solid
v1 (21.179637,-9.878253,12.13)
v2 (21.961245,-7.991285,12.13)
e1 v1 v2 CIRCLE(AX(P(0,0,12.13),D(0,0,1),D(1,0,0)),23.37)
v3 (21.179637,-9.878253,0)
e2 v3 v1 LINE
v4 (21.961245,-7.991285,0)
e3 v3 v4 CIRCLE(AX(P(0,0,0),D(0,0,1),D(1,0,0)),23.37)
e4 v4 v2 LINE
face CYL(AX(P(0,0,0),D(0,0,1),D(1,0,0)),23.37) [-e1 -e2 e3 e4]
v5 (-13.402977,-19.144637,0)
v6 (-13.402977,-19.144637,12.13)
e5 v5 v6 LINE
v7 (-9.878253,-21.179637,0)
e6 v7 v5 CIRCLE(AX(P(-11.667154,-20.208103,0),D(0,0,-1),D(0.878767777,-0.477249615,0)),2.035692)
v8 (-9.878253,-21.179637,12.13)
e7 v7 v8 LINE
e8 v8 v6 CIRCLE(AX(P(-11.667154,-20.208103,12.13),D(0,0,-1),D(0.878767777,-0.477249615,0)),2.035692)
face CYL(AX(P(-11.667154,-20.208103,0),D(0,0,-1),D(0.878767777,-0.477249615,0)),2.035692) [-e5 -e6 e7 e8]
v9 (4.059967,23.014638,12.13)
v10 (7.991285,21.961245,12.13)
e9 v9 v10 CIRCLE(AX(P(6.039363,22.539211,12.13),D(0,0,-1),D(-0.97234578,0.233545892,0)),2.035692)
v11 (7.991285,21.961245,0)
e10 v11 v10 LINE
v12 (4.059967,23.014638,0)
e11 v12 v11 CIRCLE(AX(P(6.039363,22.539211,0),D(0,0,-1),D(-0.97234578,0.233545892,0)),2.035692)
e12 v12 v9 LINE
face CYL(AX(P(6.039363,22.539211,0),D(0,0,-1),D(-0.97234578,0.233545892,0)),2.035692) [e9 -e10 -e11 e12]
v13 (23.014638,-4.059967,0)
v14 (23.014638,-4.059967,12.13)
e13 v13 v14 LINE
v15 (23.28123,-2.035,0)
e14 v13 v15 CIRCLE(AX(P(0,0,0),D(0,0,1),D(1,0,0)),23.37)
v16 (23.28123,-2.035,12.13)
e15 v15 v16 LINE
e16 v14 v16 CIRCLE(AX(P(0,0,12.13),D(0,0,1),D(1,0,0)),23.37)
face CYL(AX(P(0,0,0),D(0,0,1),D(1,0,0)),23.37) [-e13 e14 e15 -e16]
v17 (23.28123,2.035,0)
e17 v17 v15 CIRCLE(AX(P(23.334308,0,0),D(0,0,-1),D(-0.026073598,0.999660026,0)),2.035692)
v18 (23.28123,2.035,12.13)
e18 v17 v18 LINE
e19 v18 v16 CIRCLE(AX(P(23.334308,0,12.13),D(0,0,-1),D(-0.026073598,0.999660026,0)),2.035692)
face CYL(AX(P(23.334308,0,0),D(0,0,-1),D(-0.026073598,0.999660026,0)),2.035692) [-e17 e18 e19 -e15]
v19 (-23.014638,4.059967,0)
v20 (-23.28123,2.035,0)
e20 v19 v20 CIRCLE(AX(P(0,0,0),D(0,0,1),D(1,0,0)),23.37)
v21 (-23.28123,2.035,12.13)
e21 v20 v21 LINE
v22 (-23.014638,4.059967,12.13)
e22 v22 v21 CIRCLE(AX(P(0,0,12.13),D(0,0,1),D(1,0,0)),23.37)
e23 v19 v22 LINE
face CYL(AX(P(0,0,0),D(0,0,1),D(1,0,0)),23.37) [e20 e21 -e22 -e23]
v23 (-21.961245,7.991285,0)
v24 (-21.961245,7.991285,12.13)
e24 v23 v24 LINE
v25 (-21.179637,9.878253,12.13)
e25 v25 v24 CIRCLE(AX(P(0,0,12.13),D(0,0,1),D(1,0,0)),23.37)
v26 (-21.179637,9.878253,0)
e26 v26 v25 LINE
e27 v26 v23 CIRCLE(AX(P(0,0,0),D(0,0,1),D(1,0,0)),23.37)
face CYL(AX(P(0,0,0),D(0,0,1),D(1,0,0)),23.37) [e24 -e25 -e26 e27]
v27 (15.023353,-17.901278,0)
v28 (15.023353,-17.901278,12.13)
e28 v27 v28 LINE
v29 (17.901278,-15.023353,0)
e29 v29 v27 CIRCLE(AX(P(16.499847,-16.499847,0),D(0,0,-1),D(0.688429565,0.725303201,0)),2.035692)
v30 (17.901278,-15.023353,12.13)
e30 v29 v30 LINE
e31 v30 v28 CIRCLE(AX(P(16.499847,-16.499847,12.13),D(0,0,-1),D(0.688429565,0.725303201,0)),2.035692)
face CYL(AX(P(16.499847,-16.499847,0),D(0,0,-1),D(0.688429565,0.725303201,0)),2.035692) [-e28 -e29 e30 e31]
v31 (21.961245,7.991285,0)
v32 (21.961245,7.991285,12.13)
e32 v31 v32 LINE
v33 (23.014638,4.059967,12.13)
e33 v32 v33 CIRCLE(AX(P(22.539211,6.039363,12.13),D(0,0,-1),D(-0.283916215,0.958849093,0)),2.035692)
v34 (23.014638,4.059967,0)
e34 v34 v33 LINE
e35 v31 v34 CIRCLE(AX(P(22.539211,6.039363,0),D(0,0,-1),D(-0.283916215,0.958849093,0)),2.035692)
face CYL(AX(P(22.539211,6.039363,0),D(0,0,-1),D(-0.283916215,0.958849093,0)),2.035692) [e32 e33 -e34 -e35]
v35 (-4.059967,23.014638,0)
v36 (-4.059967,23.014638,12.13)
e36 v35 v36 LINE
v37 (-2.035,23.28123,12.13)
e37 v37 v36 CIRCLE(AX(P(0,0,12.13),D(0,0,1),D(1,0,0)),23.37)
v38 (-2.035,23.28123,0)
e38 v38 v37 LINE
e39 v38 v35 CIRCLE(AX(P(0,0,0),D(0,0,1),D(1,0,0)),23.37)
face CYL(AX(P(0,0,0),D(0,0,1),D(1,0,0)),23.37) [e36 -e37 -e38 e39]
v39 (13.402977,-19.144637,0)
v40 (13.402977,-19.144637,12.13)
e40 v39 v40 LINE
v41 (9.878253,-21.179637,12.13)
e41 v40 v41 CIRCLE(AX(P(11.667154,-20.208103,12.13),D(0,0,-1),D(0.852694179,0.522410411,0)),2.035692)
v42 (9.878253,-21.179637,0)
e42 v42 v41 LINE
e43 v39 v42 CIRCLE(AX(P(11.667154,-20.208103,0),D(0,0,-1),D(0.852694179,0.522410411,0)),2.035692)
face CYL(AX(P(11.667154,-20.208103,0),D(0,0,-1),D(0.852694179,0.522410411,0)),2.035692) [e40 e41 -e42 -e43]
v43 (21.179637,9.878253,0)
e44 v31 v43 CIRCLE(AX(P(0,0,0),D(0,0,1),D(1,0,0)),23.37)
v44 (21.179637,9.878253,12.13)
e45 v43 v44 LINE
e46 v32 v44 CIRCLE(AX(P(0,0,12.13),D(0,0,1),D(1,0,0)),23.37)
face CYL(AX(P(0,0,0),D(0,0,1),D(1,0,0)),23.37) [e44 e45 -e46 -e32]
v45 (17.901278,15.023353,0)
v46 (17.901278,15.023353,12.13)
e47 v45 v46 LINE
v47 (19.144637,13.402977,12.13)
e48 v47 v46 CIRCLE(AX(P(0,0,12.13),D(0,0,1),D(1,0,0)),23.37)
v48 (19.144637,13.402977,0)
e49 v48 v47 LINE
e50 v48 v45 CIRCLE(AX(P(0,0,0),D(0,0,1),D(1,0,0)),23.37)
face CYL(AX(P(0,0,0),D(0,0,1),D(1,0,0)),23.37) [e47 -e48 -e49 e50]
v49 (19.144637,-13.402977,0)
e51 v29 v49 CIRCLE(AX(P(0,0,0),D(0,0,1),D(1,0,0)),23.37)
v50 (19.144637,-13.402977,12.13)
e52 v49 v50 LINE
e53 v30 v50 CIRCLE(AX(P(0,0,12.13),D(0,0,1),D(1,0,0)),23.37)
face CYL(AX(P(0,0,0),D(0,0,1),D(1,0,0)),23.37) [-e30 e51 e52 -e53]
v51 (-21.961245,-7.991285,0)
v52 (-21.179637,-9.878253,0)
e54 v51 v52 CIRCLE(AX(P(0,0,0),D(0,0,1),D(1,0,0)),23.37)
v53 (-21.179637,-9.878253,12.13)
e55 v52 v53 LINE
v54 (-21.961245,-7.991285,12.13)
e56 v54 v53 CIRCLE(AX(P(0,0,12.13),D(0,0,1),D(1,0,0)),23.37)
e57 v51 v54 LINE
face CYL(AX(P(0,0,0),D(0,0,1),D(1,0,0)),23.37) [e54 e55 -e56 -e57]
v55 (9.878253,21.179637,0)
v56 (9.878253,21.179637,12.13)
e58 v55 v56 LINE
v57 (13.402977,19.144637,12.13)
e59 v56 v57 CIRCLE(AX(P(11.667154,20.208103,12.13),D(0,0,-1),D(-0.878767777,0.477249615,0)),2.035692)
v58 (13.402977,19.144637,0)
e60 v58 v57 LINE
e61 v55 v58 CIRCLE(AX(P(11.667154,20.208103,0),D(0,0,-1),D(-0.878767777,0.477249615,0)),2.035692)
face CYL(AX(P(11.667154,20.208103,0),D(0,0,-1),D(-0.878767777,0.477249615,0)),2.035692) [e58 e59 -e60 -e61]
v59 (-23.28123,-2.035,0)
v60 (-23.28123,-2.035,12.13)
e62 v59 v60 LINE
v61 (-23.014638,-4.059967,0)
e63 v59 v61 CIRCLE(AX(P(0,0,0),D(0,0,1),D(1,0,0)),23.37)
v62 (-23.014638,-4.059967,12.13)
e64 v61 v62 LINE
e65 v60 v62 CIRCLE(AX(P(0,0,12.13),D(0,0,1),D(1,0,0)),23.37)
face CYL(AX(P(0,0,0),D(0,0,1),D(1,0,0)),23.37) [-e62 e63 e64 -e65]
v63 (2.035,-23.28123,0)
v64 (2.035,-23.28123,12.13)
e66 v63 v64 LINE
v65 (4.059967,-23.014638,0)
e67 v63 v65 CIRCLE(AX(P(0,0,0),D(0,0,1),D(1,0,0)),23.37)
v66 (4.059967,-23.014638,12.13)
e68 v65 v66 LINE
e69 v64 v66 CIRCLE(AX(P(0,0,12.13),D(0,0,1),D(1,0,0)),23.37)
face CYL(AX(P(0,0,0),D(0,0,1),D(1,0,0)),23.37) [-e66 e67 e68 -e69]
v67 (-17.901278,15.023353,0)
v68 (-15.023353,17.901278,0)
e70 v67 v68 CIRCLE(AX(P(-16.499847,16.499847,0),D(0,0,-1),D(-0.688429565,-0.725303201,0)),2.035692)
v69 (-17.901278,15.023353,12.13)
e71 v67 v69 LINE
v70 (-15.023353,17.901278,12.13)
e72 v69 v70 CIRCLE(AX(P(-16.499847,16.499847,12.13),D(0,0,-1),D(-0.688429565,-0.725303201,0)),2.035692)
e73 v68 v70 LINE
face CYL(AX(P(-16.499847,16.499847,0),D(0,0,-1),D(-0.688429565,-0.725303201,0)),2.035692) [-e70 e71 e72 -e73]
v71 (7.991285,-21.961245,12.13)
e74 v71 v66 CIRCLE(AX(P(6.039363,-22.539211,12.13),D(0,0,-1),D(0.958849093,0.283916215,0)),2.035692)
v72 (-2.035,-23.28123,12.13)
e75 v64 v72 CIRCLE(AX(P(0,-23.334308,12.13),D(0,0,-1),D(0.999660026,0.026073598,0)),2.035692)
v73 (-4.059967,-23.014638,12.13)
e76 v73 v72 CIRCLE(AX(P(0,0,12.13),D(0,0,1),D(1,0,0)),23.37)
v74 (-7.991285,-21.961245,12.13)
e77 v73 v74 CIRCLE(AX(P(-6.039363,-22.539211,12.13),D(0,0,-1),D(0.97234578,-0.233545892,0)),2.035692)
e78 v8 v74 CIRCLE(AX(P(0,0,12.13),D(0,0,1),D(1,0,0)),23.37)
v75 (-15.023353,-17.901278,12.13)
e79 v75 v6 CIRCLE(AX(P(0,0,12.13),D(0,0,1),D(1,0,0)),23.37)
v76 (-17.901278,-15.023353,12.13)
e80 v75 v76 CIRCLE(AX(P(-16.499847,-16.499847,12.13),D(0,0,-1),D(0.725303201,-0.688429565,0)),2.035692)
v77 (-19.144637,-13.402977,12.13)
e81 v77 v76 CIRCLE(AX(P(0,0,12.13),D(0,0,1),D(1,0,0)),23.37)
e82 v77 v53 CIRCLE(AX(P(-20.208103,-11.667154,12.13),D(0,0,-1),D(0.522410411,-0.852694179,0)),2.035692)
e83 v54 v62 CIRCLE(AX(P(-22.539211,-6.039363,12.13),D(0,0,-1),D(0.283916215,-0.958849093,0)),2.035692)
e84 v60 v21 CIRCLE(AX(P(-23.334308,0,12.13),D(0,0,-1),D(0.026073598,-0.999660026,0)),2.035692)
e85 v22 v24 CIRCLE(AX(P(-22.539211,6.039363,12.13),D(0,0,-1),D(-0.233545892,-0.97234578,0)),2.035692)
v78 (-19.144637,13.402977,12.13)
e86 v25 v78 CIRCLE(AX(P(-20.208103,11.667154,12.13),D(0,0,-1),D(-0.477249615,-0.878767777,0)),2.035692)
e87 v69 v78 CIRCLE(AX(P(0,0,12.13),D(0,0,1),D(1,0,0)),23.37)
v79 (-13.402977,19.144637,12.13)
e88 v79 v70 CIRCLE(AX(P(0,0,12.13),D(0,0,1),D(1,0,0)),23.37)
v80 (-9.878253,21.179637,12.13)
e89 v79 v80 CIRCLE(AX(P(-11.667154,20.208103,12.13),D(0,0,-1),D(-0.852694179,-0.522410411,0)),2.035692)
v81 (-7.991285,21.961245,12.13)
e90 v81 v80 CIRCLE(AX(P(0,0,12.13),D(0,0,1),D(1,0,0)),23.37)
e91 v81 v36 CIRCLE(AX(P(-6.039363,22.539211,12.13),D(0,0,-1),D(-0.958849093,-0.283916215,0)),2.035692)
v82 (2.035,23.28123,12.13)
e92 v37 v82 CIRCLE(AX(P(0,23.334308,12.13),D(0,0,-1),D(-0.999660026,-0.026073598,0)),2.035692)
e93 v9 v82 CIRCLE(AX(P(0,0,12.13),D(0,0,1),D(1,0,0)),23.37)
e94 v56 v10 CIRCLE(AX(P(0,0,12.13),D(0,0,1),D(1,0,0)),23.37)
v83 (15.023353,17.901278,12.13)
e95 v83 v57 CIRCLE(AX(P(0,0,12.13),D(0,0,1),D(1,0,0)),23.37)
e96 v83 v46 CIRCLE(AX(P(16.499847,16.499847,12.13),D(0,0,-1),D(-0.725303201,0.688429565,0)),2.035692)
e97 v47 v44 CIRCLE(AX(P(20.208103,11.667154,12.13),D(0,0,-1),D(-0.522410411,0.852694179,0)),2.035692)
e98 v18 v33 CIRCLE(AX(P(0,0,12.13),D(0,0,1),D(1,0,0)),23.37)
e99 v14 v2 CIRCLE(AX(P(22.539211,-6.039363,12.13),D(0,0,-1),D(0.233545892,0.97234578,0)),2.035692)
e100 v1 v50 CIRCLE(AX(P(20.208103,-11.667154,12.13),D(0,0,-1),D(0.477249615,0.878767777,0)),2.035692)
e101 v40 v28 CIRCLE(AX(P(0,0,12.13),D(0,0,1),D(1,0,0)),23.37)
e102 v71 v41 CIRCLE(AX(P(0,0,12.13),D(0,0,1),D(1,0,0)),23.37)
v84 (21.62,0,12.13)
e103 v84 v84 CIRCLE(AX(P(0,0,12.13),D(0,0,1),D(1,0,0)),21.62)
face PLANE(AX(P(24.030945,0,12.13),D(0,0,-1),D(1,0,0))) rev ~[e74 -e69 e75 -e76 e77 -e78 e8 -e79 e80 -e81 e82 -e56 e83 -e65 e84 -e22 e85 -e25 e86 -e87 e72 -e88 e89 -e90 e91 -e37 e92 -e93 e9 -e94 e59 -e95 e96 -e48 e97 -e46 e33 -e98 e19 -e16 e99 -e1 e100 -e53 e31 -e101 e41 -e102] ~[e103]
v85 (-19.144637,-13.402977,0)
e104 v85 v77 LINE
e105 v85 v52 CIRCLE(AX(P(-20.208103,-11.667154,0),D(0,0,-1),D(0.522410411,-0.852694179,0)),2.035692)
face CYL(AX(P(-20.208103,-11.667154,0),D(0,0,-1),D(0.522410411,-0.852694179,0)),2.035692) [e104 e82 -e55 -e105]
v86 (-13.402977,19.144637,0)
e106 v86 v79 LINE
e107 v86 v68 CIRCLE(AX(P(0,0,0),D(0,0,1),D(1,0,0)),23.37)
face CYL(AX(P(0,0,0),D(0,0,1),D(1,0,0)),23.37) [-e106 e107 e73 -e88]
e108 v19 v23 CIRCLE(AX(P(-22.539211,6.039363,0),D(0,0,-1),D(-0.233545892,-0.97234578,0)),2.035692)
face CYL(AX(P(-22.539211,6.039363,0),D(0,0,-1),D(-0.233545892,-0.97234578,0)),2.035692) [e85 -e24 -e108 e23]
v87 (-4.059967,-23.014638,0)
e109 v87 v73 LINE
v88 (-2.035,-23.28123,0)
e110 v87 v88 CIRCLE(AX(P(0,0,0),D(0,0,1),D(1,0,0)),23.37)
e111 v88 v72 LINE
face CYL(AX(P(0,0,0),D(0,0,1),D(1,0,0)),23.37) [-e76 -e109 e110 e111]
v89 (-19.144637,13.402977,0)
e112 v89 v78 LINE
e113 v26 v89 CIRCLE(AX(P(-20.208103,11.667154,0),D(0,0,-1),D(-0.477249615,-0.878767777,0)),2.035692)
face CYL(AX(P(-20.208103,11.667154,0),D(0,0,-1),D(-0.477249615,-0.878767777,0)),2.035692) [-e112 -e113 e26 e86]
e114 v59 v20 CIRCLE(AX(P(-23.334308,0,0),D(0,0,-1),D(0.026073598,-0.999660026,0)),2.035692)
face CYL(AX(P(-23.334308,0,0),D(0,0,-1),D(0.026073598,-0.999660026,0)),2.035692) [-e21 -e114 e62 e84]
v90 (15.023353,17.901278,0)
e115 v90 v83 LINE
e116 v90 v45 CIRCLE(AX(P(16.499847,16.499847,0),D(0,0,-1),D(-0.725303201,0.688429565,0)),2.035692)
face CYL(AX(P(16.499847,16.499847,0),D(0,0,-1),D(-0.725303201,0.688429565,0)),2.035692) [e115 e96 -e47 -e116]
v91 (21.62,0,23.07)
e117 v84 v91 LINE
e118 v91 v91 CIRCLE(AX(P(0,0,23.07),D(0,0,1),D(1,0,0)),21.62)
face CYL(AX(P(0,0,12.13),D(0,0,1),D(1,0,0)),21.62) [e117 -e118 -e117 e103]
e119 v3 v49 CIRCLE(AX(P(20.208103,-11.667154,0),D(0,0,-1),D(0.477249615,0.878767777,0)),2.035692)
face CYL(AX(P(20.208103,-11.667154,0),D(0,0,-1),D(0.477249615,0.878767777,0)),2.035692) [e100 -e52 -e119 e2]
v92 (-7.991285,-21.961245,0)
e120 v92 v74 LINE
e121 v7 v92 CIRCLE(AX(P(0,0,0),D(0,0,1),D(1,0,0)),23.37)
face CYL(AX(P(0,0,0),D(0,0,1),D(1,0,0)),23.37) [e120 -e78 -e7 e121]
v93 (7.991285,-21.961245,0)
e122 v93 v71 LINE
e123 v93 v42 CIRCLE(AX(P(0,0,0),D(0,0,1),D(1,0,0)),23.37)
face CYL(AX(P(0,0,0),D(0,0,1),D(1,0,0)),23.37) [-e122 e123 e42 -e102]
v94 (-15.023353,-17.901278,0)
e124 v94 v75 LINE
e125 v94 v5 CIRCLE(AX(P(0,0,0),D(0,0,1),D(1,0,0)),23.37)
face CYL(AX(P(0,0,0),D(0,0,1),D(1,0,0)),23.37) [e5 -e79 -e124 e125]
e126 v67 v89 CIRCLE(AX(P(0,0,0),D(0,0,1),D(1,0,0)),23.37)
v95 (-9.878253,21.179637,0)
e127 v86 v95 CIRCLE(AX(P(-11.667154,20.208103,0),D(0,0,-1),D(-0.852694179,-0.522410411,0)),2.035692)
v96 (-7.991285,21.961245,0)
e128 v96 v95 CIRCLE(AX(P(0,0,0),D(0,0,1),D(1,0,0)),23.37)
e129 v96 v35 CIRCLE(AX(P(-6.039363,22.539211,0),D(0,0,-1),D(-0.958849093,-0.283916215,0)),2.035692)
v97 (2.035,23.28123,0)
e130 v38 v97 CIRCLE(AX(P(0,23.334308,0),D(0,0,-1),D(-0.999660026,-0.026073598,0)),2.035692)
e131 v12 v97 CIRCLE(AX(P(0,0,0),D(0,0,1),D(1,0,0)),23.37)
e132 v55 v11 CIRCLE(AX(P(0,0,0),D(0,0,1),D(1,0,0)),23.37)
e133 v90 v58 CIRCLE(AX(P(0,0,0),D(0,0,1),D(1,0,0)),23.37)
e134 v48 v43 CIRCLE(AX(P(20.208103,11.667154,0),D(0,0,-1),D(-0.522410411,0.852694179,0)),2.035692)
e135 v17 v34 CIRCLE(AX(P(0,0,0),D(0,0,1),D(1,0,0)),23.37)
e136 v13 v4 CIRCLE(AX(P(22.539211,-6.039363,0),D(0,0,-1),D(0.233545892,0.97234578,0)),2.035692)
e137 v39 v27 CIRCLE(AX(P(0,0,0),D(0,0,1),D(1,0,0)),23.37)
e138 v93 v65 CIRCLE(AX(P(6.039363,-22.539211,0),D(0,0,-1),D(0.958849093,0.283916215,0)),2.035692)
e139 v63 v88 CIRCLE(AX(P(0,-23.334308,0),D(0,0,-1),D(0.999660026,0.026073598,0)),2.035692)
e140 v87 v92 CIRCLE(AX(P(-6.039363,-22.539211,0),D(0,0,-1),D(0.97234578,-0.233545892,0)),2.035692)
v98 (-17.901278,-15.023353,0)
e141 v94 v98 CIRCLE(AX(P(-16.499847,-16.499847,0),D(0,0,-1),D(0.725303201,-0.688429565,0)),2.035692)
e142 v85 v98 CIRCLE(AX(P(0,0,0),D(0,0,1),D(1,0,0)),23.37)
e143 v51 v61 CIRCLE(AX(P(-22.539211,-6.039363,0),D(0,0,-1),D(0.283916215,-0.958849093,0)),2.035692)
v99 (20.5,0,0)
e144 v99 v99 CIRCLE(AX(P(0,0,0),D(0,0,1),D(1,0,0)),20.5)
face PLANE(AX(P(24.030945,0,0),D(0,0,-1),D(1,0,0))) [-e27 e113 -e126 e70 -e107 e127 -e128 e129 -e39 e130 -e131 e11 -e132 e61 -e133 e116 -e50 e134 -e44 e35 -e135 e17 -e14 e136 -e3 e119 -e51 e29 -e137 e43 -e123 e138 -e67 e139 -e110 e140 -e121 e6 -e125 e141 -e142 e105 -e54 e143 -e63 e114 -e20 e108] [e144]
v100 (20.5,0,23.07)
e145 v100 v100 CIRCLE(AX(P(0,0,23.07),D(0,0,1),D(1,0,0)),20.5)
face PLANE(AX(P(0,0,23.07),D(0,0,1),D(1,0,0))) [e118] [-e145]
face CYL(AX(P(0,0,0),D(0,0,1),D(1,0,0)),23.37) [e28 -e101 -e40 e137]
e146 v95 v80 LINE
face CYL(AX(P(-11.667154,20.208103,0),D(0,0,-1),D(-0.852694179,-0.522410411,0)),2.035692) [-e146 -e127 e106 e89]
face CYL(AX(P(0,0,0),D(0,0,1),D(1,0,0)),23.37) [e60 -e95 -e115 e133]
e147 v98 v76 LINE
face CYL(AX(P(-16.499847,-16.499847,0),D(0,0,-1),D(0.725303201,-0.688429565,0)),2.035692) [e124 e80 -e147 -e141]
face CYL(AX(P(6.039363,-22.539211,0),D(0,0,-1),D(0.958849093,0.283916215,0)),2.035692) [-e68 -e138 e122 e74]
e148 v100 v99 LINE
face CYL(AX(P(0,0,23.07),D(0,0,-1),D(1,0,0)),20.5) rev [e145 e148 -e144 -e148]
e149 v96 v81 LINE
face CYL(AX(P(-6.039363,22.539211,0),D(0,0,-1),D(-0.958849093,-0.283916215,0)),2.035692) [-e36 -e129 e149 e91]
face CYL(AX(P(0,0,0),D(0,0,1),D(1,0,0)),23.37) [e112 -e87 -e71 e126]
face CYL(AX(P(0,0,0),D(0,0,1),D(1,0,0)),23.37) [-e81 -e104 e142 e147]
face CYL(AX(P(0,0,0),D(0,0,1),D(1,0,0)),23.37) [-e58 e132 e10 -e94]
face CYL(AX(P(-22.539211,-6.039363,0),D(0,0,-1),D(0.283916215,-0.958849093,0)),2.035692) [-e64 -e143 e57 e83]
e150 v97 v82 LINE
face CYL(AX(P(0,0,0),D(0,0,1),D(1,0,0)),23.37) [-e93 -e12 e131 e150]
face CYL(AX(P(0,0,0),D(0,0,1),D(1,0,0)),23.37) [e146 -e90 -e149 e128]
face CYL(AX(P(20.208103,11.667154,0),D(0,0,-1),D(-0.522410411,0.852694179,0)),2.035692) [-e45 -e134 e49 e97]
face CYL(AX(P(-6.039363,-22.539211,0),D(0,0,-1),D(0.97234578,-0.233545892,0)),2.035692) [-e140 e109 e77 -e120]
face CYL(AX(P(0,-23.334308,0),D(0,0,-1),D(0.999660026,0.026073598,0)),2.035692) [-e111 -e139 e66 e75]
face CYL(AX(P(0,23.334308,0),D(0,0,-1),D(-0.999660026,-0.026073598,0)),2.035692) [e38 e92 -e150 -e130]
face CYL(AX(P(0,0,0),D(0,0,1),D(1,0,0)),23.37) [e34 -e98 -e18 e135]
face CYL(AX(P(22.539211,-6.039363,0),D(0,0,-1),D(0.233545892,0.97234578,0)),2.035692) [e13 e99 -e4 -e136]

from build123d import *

# Parameters (mm, degrees)
F3_DEPTH = 12.13


with BuildPart() as f1:
    # F0 (on Front) → F1 (revolve)
    with BuildSketch(Plane.XZ):
        Polygon((20.5, 23.07), (20.5, 0), (23.37, 0), (23.37, 12.13), (21.62, 12.13), (21.62, 23.07), align=None)
    revolve(axis=Axis((0, 0, 6.4205313101), (0, 0, 1)))

    # F2 (on face) → F3 (join)
    with BuildSketch(Plane(origin=(0, 0, 0), x_dir=(1, 0, 0), z_dir=(0, 0, -1))):
        with BuildLine():
            ThreePointArc((-2.035, 23.2812301007), (0, 23.37), (2.035, 23.2812301007))
            ThreePointArc((2.035, 23.2812301007), (0, 25.37), (-2.035, 23.2812301007))
        make_face()
        with BuildLine():
            ThreePointArc((-7.9912848, 21.9612446652), (-6.048601084, 22.5736865604), (-4.059966687, 23.0146381788))
            ThreePointArc((-4.059966687, 23.0146381788), (-6.5662391743, 24.505538213), (-7.9912848, 21.9612446652))
        make_face()
        with BuildLine():
            ThreePointArc((-13.402976747, 19.1446366985), (-11.685, 20.2390136864), (-9.8782533536, 21.1796366985))
            ThreePointArc((-9.8782533536, 21.1796366985), (-12.685, 21.971064494), (-13.402976747, 19.1446366985))
        make_face()
        with BuildLine():
            ThreePointArc((-17.9012779783, 15.0233533788), (-16.5250854763, 16.5250854763), (-15.0233533788, 17.9012779783))
            ThreePointArc((-15.0233533788, 17.9012779783), (-17.9392990387, 17.9392990387), (-17.9012779783, 15.0233533788))
        make_face()
        with BuildLine():
            ThreePointArc((-21.1796366985, 9.8782533536), (-20.2390136864, 11.685), (-19.1446366985, 13.402976747))
            ThreePointArc((-19.1446366985, 13.402976747), (-21.971064494, 12.685), (-21.1796366985, 9.8782533536))
        make_face()
        with BuildLine():
            ThreePointArc((-23.0146381788, 4.059966687), (-22.5736865604, 6.048601084), (-21.9612446652, 7.9912848))
            ThreePointArc((-21.9612446652, 7.9912848), (-24.505538213, 6.5662391743), (-23.0146381788, 4.059966687))
        make_face()
        with BuildLine():
            ThreePointArc((-23.2812301007, -2.035), (-23.37, 0), (-23.2812301007, 2.035))
            ThreePointArc((-23.2812301007, 2.035), (-25.37, 0), (-23.2812301007, -2.035))
        make_face()
        with BuildLine():
            ThreePointArc((-23.0146381788, -4.059966687), (-24.505538213, -6.5662391743), (-21.9612446652, -7.9912848))
            ThreePointArc((-21.9612446652, -7.9912848), (-22.5736865604, -6.048601084), (-23.0146381788, -4.059966687))
        make_face()
        with BuildLine():
            ThreePointArc((-21.1796366985, -9.8782533536), (-21.971064494, -12.685), (-19.1446366985, -13.402976747))
            ThreePointArc((-19.1446366985, -13.402976747), (-20.2390136864, -11.685), (-21.1796366985, -9.8782533536))
        make_face()
        with BuildLine():
            ThreePointArc((-17.9012779783, -15.0233533788), (-17.9392990387, -17.9392990387), (-15.0233533788, -17.9012779783))
            ThreePointArc((-15.0233533788, -17.9012779783), (-16.5250854763, -16.5250854763), (-17.9012779783, -15.0233533788))
        make_face()
        with BuildLine():
            ThreePointArc((-13.402976747, -19.1446366985), (-12.685, -21.971064494), (-9.8782533536, -21.1796366985))
            ThreePointArc((-9.8782533536, -21.1796366985), (-11.685, -20.2390136864), (-13.402976747, -19.1446366985))
        make_face()
        with BuildLine():
            ThreePointArc((-7.9912848, -21.9612446652), (-6.5662391743, -24.505538213), (-4.059966687, -23.0146381788))
            ThreePointArc((-4.059966687, -23.0146381788), (-6.048601084, -22.5736865604), (-7.9912848, -21.9612446652))
        make_face()
        with BuildLine():
            ThreePointArc((-2.035, -23.2812301007), (0, -25.37), (2.035, -23.2812301007))
            ThreePointArc((2.035, -23.2812301007), (0, -23.37), (-2.035, -23.2812301007))
        make_face()
        with BuildLine():
            ThreePointArc((4.059966687, -23.0146381788), (6.5662391743, -24.505538213), (7.9912848, -21.9612446652))
            ThreePointArc((7.9912848, -21.9612446652), (6.048601084, -22.5736865604), (4.059966687, -23.0146381788))
        make_face()
        with BuildLine():
            ThreePointArc((9.8782533536, -21.1796366985), (12.685, -21.971064494), (13.402976747, -19.1446366985))
            ThreePointArc((13.402976747, -19.1446366985), (11.685, -20.2390136864), (9.8782533536, -21.1796366985))
        make_face()
        with BuildLine():
            ThreePointArc((15.0233533788, -17.9012779783), (17.9392990387, -17.9392990387), (17.9012779783, -15.0233533788))
            ThreePointArc((17.9012779783, -15.0233533788), (16.5250854763, -16.5250854763), (15.0233533788, -17.9012779783))
        make_face()
        with BuildLine():
            ThreePointArc((19.1446366985, -13.402976747), (21.971064494, -12.685), (21.1796366985, -9.8782533536))
            ThreePointArc((21.1796366985, -9.8782533536), (20.2390136864, -11.685), (19.1446366985, -13.402976747))
        make_face()
        with BuildLine():
            ThreePointArc((21.9612446652, -7.9912848), (24.505538213, -6.5662391743), (23.0146381788, -4.059966687))
            ThreePointArc((23.0146381788, -4.059966687), (22.5736865604, -6.048601084), (21.9612446652, -7.9912848))
        make_face()
        with BuildLine():
            ThreePointArc((23.2812301007, 2.035), (23.347796978, 1.0184676106), (23.37, 0))
            ThreePointArc((23.37, 0), (23.347796978, -1.0184676106), (23.2812301007, -2.035))
            ThreePointArc((23.2812301007, -2.035), (25.37, 0), (23.2812301007, 2.035))
        make_face()
        with BuildLine():
            ThreePointArc((21.9612446652, 7.9912848), (22.5736865604, 6.048601084), (23.0146381788, 4.059966687))
            ThreePointArc((23.0146381788, 4.059966687), (24.505538213, 6.5662391743), (21.9612446652, 7.9912848))
        make_face()
        with BuildLine():
            ThreePointArc((19.1446366985, 13.402976747), (20.2390136864, 11.685), (21.1796366985, 9.8782533536))
            ThreePointArc((21.1796366985, 9.8782533536), (21.971064494, 12.685), (19.1446366985, 13.402976747))
        make_face()
        with BuildLine():
            ThreePointArc((15.0233533788, 17.9012779783), (16.5250854763, 16.5250854763), (17.9012779783, 15.0233533788))
            ThreePointArc((17.9012779783, 15.0233533788), (17.9392990387, 17.9392990387), (15.0233533788, 17.9012779783))
        make_face()
        with BuildLine():
            ThreePointArc((9.8782533536, 21.1796366985), (11.685, 20.2390136864), (13.402976747, 19.1446366985))
            ThreePointArc((13.402976747, 19.1446366985), (12.685, 21.971064494), (9.8782533536, 21.1796366985))
        make_face()
        with BuildLine():
            ThreePointArc((4.059966687, 23.0146381788), (6.048601084, 22.5736865604), (7.9912848, 21.9612446652))
            ThreePointArc((7.9912848, 21.9612446652), (6.5662391743, 24.505538213), (4.059966687, 23.0146381788))
        make_face()
    extrude(amount=-F3_DEPTH)


solid = f1.part
